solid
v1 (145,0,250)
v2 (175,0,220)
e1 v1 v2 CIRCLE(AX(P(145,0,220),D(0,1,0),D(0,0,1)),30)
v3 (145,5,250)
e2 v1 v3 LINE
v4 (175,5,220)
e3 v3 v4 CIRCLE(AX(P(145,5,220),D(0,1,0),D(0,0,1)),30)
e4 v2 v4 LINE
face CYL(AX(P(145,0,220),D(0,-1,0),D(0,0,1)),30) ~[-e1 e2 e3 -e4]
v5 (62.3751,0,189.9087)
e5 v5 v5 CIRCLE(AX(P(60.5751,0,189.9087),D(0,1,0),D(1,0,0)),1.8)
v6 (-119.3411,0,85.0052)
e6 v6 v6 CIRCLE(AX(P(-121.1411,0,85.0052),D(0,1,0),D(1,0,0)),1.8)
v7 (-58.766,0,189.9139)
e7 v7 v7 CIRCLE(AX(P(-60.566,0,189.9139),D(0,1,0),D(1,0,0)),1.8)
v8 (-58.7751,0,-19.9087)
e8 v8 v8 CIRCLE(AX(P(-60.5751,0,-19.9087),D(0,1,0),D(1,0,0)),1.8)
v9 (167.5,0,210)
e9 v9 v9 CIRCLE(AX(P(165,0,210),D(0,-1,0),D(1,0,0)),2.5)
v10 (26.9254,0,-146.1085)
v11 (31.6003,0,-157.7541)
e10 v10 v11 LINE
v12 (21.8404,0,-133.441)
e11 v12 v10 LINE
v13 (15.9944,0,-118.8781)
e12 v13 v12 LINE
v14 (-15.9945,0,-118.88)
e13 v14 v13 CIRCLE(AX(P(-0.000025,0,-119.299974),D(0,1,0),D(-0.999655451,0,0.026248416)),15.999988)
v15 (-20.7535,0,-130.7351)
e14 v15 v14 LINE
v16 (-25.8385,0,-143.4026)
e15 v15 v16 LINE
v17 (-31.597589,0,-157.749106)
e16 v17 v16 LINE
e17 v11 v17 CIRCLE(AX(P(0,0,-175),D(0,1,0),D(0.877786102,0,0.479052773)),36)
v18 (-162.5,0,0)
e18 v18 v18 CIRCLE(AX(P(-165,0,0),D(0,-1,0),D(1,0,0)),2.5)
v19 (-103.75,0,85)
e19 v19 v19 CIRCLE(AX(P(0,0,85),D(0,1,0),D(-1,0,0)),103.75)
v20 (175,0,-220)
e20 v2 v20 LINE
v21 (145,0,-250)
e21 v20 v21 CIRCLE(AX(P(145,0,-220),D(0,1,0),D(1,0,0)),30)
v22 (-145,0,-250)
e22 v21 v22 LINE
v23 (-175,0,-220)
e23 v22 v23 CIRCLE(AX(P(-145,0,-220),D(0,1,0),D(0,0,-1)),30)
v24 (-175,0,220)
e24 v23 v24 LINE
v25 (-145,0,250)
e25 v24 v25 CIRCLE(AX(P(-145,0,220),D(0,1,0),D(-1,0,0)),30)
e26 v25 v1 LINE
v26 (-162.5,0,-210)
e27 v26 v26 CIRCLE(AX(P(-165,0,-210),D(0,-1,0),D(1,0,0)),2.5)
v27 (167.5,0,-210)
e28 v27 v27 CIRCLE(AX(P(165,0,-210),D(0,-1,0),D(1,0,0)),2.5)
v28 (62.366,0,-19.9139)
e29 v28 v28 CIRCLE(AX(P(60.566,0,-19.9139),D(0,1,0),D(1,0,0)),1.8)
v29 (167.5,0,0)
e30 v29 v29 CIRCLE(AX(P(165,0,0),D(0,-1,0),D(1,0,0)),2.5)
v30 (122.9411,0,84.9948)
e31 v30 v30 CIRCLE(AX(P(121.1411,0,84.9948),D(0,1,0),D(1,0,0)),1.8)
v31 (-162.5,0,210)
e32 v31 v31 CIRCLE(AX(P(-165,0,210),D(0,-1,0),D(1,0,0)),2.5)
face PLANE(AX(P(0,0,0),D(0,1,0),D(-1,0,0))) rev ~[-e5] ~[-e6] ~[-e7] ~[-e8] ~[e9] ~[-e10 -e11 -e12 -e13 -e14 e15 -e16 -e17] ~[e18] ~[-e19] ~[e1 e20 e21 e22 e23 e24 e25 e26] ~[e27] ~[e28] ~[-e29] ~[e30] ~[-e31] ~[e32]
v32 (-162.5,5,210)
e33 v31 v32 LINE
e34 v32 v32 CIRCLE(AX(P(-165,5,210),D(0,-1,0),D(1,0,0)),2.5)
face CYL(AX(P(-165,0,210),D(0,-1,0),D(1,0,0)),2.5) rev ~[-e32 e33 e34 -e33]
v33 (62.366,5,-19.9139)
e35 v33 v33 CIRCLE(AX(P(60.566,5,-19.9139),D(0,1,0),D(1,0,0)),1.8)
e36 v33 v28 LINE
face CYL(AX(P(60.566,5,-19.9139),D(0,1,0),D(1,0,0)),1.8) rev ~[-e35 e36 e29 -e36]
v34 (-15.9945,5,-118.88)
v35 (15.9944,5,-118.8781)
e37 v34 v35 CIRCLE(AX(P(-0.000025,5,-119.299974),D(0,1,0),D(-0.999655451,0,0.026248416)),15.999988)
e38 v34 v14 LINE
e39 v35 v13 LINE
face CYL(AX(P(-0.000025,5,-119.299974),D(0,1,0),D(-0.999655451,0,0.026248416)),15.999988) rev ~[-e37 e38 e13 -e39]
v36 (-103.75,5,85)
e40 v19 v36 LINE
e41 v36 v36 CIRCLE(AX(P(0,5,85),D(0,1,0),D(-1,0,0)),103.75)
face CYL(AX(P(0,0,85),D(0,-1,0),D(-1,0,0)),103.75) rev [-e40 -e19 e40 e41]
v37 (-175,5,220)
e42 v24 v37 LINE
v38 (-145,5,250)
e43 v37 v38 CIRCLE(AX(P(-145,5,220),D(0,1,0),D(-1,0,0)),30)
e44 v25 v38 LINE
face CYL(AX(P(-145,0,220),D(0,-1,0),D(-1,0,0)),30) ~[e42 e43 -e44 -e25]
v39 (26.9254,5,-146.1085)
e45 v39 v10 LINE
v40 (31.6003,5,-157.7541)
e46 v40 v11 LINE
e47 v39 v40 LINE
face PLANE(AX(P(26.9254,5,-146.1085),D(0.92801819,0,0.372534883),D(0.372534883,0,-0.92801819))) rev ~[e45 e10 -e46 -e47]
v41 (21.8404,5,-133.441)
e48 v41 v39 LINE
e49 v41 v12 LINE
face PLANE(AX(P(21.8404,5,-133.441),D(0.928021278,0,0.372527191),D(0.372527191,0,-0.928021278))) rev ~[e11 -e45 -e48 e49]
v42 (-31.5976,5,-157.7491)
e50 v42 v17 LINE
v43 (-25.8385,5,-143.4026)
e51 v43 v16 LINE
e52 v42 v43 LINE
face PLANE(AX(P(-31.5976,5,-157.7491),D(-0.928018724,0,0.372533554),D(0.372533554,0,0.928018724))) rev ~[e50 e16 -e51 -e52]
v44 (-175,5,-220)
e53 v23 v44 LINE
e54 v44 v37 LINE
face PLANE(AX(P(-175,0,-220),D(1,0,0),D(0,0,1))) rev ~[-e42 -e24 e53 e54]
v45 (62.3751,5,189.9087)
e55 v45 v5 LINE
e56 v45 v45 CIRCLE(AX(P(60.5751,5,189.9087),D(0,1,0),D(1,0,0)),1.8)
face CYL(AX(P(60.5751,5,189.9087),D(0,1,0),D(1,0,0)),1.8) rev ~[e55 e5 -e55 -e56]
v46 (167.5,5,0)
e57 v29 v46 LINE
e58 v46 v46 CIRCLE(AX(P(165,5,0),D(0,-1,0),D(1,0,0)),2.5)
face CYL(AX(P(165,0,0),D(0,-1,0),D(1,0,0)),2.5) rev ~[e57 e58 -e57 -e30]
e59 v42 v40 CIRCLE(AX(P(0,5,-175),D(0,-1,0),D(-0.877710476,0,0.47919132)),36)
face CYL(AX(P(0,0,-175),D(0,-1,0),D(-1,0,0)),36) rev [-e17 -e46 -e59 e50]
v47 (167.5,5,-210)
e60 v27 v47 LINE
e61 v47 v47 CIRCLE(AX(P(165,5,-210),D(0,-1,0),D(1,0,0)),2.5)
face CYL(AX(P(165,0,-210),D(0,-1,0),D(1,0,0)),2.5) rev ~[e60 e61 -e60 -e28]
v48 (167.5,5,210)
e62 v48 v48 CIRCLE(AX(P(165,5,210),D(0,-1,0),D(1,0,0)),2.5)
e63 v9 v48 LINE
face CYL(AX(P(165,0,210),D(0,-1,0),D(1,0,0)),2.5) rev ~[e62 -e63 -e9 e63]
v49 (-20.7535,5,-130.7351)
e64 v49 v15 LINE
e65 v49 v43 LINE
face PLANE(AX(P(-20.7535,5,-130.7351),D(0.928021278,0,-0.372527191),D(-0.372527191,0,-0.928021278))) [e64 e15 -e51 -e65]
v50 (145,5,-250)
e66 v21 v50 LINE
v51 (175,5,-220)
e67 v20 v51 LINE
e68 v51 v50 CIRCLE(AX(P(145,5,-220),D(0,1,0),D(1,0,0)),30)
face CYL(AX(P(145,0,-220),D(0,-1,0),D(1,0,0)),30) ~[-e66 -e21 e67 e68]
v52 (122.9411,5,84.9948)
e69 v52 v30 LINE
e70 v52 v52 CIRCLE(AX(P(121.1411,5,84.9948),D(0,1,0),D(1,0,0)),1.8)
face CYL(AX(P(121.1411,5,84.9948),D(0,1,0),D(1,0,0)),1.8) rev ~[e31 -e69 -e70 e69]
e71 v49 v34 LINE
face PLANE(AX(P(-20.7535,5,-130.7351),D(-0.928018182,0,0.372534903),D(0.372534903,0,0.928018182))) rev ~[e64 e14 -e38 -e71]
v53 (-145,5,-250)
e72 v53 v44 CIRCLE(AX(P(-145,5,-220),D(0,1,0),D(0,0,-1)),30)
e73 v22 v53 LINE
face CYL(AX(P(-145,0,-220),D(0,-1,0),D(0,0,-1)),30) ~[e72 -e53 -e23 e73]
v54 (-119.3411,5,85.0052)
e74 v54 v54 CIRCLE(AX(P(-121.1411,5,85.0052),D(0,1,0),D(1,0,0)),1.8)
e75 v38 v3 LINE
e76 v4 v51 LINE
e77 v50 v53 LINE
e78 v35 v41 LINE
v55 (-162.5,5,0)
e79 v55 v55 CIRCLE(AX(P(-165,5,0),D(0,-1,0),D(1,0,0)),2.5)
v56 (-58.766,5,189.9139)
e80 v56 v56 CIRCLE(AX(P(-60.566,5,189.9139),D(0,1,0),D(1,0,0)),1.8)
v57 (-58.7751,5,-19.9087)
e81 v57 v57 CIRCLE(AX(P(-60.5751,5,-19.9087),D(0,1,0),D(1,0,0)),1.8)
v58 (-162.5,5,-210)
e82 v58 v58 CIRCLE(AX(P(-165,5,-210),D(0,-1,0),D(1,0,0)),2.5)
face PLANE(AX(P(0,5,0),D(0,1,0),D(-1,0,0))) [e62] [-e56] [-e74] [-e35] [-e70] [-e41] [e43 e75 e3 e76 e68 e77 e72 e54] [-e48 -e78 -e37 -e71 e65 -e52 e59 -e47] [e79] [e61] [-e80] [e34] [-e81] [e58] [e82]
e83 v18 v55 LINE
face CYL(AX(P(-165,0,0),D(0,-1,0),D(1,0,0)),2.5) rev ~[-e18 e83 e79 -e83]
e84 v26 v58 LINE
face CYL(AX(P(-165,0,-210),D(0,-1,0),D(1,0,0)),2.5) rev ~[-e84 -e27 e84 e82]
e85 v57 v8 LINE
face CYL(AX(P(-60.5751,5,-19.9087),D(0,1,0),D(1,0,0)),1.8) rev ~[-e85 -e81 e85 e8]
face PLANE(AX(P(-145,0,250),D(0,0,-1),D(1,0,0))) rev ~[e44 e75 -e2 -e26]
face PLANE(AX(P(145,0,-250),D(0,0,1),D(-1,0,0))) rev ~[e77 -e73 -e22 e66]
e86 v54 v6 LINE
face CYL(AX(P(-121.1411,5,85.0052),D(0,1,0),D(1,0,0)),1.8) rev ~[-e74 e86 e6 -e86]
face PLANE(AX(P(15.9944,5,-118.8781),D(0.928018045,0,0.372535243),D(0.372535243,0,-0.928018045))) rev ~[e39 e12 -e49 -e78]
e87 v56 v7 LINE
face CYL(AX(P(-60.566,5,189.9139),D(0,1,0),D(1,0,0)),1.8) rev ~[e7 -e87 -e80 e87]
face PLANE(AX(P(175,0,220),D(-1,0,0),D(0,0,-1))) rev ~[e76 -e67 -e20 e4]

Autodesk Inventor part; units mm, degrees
ref_plane "YZ Plane" through (0, 0, 0) normal (1, 0, 0) x (0, 1, 0)
ref_plane "XZ Plane" through (0, 0, 0) normal (0, 1, 0) x (-1, 0, 0)
ref_plane "XY Plane" through (0, 0, 0) normal (0, 0, 1) x (1, 0, 0)
sketch "스케치1" plane through (0, 0, 0) normal (0, 1, 0) x (-1, 0, 0)
  line L0 (145, 250) -> (-145, 250)
  line L1 (-175, 220) -> (-175, -220)
  line L2 (-145, -250) -> (145, -250)
  line L3 (175, -220) -> (175, 220)
  line L4 (175, 250) -> (-175, -250) construction
  line L5 (-175, 250) -> (175, -250) construction
  circle A0 centre (0, -175) radius 36
  arc A1 (145, -250) -> (175, -220) centre (145, -220) ccw
  arc A2 (-175, -220) -> (-145, -250) centre (-145, -220) ccw
  arc A3 (-145, 250) -> (-175, 220) centre (-145, 220) ccw
  arc A4 (175, 220) -> (145, 250) centre (145, 220) ccw
  circle A5 centre (0, 85) radius 103.75
  point P0 (0, 0)
  dimension "d0" = 350
  dimension "d1" = 500
  dimension "d2" = 72
  dimension "d3" = 30
  dimension "d4" = 75
  dimension "d5" = 207.5
  dimension "d7" = 165
extrude "돌출1" add sketch "스케치1" along normal blind 5
sketch "스케치2" plane through (0, 0, 0) normal (0, -1, 0) x (1, 0, 0)
  line L0 (-145, 250) -> (145, 250) projected
  line L1 (-175, -220) -> (-175, 220) projected
  line L2 (145, -250) -> (-145, -250) projected
  line L3 (175, 220) -> (175, -220) projected
  circle A0 centre (165, 210) radius 2.5
  line L4 (0, 250) -> (0, -250) construction
  line L5 (-175, 0) -> (175, 0) construction
  circle A1 centre (165, -210) radius 2.5
  circle A2 centre (165, 0) radius 2.5
  circle A3 centre (-165, 210) radius 2.5
  circle A4 centre (-165, -210) radius 2.5
  circle A5 centre (-165, 0) radius 2.5
  point P0 (0, 0)
  dimension "d11" = 5
  dimension "d12" = 40
  dimension "d13" = 10
  dimension "d14" = 5
  dimension "d15" = 10
extrude "돌출2" cut sketch "스케치2" against normal through all
sketch "스케치3" plane through (0, 5, 0) normal (0, 1, 0) x (1, 0, 0)
  circle A0 centre (0, 175) radius 36 projected
  circle A1 centre (0, 175) radius 33.15
  line L0 (0, 175) -> (0, 119.3)
  circle A2 centre (-55.0502, 292.3468) radius 36
  line L1 (26.9254, 146.1085) -> (31.6003, 157.7541)
  line L2 (15.9944, 118.8781) -> (21.8404, 133.441)
  arc A3 (-15.9945, 118.88) -> (15.9944, 118.8781) centre (0, 119.3) ccw
  line L3 (-20.7535, 130.7351) -> (-15.9945, 118.88)
  line L4 (-31.5976, 157.7491) -> (-25.8385, 143.4026)
  circle A4 centre (-55.0502, 292.3468) radius 36
  circle A5 centre (-55.0502, 292.3468) radius 36
  line L5 (-20.7535, 130.7351) -> (-25.8385, 143.4026)
  line L6 (21.8404, 133.441) -> (26.9254, 146.1085)
  arc A6 (-13.9206, 113.7129) -> (13.92, 113.7112) centre (0, 119.3) ccw construction
  line L7 (13.92, 113.7112) -> (15.9944, 118.8781) construction
  line L8 (-13.9206, 113.7129) -> (-15.9945, 118.88) construction
  point P0 (0, 0)
  dimension "d18" = 12.7747
  dimension "d19" = 13.65
  dimension "d21" = 16
  dimension "d22" = 15
  dimension "d23" = 176.985
  dimension "d24" = 136.256
  dimension "d25" = 5.5678
  dimension "d26" = 5.5678
  dimension "d27" = 55.7
  dimension "d28" = 15.6925
  dimension "d29" = 13.65
  dimension "d31" = 43.744
  dimension "d32" = 43.744
  dimension "d33" = 43.744
  dimension "d34" = 12.5489
  dimension "d35" = 15.4593
extrude "돌출3" cut sketch "스케치3" against normal blind 10 contours A0 L1 L6 L2 A3 L3 L5 L4
sketch "스케치4" plane through (0, 5, 0) normal (0, 1, 0) x (1, 0, 0)
  circle A0 centre (0, -85) radius 103.75 projected
  circle A1 centre (-0.0796, -85.0052) radius 104.02 projected
  line L0 (-0.0796, -85.0052) -> (-121.1411, -85.0052) construction
  line L1 (-0.0796, -85.0052) -> (120.9819, -85.0052) construction
  circle A2 centre (-121.1411, -85.0052) radius 1.8
  circle A3 centre (-60.566, -189.9139) radius 1.8
  circle A4 centre (60.5751, -189.9087) radius 1.8
  circle A5 centre (121.1411, -84.9948) radius 1.8
  circle A6 centre (60.566, 19.9139) radius 1.8
  circle A7 centre (-60.5751, 19.9087) radius 1.8
  point P0 (0, 0)
  dimension "d38" = 121.0615
  dimension "d39" = 180
  dimension "d40" = 3.6
  dimension "d43" = 360
extrude "돌출4" cut sketch "스케치4" against normal blind 10 contours A2 | A3 | A4 | A5 | A6 | A7
properties part number "부품8"
